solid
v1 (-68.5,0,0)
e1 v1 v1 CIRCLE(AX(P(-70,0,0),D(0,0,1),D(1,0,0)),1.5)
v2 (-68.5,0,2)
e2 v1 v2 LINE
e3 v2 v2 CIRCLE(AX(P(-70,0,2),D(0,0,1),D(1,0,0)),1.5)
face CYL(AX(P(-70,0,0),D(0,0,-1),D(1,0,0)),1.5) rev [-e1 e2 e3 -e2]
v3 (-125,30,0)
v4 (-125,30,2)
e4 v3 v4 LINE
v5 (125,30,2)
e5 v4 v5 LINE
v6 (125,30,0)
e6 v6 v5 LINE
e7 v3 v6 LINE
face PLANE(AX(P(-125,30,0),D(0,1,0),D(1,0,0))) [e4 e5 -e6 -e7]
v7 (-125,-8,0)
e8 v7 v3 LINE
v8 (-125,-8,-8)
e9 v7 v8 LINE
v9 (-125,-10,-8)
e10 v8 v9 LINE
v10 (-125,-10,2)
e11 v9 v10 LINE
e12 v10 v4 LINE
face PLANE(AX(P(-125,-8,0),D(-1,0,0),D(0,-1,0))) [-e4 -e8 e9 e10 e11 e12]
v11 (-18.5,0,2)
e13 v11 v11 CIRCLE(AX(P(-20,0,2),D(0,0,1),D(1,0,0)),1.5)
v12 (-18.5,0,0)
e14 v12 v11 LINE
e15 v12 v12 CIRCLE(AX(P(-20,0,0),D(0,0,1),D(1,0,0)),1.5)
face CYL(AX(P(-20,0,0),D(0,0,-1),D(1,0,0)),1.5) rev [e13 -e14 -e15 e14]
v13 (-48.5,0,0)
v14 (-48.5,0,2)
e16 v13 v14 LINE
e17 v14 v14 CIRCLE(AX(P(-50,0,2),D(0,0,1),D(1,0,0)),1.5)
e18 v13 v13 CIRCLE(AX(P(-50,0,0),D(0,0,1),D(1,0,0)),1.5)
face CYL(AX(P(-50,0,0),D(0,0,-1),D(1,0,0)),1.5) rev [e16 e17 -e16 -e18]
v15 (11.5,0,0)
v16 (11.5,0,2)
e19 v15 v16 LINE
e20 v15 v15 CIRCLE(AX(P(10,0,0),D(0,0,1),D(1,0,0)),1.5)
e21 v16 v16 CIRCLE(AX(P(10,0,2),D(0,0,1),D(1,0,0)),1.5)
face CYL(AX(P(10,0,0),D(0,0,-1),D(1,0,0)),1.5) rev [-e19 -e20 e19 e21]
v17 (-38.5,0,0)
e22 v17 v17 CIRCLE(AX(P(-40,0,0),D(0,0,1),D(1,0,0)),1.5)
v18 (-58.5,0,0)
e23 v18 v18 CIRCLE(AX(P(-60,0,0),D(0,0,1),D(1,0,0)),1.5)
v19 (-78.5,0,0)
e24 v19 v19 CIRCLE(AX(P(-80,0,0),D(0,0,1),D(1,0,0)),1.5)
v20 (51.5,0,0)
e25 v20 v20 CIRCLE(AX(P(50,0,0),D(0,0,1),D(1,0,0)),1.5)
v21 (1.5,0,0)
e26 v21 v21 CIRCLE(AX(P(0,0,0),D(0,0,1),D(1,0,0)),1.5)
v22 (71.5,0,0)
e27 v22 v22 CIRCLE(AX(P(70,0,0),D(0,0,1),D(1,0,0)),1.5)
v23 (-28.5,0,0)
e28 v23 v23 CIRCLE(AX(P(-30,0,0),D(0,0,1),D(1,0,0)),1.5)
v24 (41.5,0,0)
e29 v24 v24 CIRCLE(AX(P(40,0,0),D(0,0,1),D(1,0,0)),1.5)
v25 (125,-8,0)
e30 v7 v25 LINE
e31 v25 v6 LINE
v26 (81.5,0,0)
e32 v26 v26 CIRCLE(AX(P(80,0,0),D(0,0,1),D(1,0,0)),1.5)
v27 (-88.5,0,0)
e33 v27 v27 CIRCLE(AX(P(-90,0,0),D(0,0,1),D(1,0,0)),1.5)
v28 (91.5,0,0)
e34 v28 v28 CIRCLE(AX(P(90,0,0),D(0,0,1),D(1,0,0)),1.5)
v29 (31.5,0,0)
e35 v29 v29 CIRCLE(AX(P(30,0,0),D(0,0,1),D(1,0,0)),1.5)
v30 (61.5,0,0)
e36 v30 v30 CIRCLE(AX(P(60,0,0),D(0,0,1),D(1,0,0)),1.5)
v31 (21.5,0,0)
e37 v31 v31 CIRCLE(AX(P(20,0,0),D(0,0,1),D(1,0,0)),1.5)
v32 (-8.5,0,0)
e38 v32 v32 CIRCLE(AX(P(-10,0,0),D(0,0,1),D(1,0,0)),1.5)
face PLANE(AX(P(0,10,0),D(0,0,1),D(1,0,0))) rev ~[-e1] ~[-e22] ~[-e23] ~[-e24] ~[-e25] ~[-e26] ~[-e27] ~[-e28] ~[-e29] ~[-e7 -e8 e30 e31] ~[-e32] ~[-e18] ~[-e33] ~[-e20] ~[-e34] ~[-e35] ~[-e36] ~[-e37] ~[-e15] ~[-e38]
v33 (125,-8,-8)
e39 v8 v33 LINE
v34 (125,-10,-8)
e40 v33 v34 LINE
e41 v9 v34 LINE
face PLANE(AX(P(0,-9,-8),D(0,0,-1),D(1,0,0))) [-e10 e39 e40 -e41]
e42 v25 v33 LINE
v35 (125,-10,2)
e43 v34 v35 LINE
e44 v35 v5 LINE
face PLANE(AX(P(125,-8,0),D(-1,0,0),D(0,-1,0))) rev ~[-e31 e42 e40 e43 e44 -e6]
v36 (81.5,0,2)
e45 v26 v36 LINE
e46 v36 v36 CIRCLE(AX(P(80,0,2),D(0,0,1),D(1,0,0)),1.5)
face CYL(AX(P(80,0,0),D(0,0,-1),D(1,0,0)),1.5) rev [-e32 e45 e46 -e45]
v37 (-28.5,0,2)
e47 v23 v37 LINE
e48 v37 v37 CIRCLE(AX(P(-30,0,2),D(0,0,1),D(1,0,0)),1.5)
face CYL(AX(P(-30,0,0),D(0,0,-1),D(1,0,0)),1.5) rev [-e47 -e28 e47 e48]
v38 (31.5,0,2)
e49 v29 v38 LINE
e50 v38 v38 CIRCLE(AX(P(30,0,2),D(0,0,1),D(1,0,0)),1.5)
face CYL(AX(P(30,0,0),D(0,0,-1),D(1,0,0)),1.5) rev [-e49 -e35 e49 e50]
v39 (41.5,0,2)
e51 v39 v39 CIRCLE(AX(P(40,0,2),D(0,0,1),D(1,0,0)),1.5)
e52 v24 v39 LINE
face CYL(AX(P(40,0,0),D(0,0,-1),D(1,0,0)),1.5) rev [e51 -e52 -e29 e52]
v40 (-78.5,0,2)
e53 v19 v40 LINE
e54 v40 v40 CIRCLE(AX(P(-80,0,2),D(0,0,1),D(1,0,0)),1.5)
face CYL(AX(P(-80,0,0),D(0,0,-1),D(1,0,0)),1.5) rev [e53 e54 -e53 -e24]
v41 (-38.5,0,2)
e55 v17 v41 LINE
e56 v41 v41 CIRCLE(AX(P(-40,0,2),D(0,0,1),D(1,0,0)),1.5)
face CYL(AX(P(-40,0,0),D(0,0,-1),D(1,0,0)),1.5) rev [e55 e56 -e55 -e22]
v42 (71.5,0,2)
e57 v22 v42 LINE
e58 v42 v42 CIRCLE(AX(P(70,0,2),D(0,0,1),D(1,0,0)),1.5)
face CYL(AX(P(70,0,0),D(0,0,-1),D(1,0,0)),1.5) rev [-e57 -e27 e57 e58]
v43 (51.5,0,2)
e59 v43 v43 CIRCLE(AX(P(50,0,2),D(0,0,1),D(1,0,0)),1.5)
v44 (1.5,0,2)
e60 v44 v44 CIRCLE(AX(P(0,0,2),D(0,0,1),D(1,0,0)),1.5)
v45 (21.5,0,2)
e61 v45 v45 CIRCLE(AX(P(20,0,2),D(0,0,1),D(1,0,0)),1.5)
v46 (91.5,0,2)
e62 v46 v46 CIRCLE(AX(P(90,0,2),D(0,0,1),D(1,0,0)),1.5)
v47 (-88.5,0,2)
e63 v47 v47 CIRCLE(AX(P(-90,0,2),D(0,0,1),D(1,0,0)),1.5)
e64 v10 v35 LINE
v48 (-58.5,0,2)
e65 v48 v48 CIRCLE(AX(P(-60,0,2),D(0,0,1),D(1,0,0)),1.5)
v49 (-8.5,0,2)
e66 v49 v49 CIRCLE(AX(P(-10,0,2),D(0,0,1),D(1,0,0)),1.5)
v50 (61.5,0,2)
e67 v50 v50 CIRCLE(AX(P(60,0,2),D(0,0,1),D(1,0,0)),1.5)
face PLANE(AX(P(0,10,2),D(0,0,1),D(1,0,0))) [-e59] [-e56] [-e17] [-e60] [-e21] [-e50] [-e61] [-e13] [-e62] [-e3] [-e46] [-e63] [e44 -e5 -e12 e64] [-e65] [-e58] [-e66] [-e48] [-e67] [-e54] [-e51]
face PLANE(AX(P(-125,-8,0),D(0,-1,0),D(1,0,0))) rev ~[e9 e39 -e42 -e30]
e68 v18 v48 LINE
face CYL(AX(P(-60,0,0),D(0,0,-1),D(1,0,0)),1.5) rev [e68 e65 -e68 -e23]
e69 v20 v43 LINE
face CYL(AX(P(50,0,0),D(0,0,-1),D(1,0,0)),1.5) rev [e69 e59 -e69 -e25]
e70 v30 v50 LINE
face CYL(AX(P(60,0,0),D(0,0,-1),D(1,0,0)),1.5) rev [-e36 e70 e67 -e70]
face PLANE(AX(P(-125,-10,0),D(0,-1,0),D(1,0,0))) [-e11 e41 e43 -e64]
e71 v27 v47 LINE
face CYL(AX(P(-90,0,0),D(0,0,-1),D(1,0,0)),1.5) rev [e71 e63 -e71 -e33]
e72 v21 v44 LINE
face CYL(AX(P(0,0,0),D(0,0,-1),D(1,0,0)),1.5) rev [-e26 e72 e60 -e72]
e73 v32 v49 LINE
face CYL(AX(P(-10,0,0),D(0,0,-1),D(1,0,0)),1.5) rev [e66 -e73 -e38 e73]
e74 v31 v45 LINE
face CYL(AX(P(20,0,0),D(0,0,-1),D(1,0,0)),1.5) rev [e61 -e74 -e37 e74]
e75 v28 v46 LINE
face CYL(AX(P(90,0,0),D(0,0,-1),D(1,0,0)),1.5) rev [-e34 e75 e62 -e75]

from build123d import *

# Parameters (mm, degrees)
F0_W     = 250
F0_H     = 40
F0_R     = 1.5
F1_DEPTH = 2
F2_W     = 250
F2_H     = 2
F3_DEPTH = 8


with BuildPart() as f1:
    # F0 (on Top) → F1 (new body)
    with BuildSketch(Plane.XY):
        with Locations((0, 10)):
            Rectangle(F0_W, F0_H)
        with Locations((-90, 0)):
            Circle(F0_R, mode=Mode.SUBTRACT)
        with Locations((-80, 0)):
            Circle(F0_R, mode=Mode.SUBTRACT)
        with Locations((-70, 0)):
            Circle(F0_R, mode=Mode.SUBTRACT)
        with Locations((-60, 0)):
            Circle(F0_R, mode=Mode.SUBTRACT)
        with Locations((-50, 0)):
            Circle(F0_R, mode=Mode.SUBTRACT)
        with Locations((-40, 0)):
            Circle(F0_R, mode=Mode.SUBTRACT)
        with Locations((-30, 0)):
            Circle(F0_R, mode=Mode.SUBTRACT)
        with Locations((-20, 0)):
            Circle(F0_R, mode=Mode.SUBTRACT)
        with Locations((-10, 0)):
            Circle(F0_R, mode=Mode.SUBTRACT)
        Circle(F0_R, mode=Mode.SUBTRACT)
        with Locations((10, 0)):
            Circle(F0_R, mode=Mode.SUBTRACT)
        with Locations((20, 0)):
            Circle(F0_R, mode=Mode.SUBTRACT)
        with Locations((30, 0)):
            Circle(F0_R, mode=Mode.SUBTRACT)
        with Locations((40, 0)):
            Circle(F0_R, mode=Mode.SUBTRACT)
        with Locations((50, 0)):
            Circle(F0_R, mode=Mode.SUBTRACT)
        with Locations((60, 0)):
            Circle(F0_R, mode=Mode.SUBTRACT)
        with Locations((70, 0)):
            Circle(F0_R, mode=Mode.SUBTRACT)
        with Locations((80, 0)):
            Circle(F0_R, mode=Mode.SUBTRACT)
        with Locations((90, 0)):
            Circle(F0_R, mode=Mode.SUBTRACT)
    extrude(amount=F1_DEPTH)

    # F2 (on face) → F3 (join)
    with BuildSketch(Plane(origin=(0, 0, 0), x_dir=(1, 0, 0), z_dir=(0, 0, -1))):
        with Locations((0, 9)):
            Rectangle(F2_W, F2_H)
    extrude(amount=F3_DEPTH)


solid = f1.part
